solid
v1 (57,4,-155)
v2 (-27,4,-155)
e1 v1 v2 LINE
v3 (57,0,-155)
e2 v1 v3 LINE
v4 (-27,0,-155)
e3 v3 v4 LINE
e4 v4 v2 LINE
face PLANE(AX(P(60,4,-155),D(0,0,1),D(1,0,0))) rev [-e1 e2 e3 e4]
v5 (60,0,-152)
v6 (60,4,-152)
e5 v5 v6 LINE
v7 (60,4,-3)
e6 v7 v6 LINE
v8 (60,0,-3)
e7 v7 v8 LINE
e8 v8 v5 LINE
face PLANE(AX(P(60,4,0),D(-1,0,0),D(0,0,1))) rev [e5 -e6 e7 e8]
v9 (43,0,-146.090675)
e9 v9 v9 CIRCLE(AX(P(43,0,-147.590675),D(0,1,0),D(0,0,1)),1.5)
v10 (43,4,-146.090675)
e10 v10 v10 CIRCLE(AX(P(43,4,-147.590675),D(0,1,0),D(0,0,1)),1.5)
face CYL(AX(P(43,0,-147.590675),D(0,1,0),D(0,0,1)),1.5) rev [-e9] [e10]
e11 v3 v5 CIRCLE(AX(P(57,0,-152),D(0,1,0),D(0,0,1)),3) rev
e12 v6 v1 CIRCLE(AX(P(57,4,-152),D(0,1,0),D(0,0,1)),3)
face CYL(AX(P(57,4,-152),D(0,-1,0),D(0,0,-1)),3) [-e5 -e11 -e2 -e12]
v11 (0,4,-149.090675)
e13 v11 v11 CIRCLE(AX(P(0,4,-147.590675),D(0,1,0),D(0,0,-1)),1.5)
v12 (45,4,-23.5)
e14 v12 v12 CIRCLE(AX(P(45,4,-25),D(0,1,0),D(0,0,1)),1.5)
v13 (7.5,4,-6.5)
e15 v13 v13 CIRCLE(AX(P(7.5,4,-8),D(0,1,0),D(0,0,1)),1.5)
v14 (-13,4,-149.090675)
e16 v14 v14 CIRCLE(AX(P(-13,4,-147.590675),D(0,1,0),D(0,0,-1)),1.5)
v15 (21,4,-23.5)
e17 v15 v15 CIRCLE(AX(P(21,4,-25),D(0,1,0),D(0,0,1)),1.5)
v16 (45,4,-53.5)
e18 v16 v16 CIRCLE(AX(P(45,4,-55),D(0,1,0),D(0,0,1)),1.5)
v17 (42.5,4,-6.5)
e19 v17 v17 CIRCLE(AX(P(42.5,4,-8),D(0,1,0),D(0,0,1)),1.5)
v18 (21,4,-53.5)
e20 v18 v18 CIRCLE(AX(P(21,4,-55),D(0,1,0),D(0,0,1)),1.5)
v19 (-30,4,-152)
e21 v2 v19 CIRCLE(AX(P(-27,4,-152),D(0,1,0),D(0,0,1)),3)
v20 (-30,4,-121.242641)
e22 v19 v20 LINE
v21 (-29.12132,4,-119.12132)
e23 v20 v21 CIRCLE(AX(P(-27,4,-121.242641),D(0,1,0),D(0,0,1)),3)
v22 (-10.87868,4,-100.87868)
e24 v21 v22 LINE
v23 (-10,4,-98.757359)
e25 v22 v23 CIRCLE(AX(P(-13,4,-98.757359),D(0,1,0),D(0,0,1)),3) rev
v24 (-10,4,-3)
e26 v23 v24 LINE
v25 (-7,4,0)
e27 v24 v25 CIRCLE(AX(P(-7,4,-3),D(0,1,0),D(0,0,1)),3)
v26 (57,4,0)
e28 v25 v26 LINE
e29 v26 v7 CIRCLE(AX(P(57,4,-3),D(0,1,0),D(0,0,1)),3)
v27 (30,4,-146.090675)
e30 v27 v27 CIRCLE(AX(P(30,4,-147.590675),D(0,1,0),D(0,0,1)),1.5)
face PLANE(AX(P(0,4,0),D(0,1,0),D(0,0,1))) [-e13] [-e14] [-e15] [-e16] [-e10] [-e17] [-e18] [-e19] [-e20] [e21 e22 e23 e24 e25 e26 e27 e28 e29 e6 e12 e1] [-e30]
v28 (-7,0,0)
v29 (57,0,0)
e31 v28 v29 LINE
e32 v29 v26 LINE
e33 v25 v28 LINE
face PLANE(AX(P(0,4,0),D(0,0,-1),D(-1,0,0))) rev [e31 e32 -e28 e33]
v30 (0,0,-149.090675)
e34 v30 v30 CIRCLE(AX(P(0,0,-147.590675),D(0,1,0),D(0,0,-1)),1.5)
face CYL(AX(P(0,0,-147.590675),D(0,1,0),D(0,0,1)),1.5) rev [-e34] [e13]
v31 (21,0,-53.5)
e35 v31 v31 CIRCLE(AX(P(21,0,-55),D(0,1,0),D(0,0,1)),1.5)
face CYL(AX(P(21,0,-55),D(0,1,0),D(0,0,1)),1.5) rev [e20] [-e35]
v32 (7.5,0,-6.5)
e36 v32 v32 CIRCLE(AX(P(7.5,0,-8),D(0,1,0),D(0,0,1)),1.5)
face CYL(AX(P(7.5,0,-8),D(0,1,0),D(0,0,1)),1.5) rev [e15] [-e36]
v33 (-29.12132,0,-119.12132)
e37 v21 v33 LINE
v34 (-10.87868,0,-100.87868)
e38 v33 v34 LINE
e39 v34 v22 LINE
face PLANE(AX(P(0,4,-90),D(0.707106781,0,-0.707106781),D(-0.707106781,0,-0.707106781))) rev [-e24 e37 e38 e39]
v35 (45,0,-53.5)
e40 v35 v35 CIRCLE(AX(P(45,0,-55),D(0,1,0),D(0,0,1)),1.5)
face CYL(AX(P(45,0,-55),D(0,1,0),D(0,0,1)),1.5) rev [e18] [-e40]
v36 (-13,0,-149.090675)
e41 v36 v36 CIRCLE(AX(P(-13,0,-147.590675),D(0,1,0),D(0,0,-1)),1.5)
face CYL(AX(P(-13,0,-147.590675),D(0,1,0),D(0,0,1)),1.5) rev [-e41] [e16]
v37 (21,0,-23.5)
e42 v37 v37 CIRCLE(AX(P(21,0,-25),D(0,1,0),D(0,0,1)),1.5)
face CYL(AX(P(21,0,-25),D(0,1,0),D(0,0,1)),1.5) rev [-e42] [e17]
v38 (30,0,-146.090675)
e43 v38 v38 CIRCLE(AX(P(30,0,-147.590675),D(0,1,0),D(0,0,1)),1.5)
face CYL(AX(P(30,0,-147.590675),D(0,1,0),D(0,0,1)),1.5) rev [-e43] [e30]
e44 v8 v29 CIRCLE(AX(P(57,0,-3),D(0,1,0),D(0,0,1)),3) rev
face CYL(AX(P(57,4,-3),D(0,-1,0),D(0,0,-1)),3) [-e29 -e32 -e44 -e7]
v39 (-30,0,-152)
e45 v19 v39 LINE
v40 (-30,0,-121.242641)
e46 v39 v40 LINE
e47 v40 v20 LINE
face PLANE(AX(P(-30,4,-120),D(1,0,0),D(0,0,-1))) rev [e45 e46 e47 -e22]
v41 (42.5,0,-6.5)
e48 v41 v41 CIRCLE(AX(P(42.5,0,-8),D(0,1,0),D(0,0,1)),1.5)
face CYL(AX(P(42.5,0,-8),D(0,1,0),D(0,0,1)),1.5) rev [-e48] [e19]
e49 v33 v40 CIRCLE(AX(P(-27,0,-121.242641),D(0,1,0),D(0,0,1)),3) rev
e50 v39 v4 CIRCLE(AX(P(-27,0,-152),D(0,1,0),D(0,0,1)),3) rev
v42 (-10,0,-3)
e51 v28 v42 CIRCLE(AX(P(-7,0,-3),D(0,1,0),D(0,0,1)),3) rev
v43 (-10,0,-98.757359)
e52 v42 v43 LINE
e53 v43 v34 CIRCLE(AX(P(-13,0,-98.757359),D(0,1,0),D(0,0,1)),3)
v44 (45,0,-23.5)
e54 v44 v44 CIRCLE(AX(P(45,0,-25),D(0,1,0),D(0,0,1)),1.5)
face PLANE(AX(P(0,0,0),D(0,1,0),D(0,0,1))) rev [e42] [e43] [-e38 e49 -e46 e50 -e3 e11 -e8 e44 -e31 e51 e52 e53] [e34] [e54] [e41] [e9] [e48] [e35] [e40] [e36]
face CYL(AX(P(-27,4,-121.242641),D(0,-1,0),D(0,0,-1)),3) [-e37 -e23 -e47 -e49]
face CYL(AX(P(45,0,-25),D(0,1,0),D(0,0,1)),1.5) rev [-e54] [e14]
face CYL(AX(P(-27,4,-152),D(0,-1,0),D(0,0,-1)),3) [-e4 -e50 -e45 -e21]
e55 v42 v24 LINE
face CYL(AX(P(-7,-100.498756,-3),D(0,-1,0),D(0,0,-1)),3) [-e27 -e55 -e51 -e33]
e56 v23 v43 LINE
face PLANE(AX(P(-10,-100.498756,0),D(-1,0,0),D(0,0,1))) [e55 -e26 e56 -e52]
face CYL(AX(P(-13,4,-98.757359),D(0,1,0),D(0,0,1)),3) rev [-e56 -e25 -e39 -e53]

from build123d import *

# Parameters (mm, degrees)
EXTRUDE_1_DEPTH     = 4
SKETCH_2_R          = 1.5
CUT_EXTRUDE_1_DEPTH = 4
SKETCH_3_R          = 1.5
CUT_EXTRUDE_2_DEPTH = 4
EXTRUDE_2_DEPTH     = 4
FILLET_2_R          = 3
SKETCH_6_R          = 1.5
CUT_EXTRUDE_3_DEPTH = 167.255826966


with BuildPart() as part:
    # 草图1 → 凸台-拉伸1 (new body)
    with BuildSketch(Plane(origin=(0, 0, 0), x_dir=(1, 0, 0), z_dir=(0, 1, 0))):
        Polygon((0, 0), (60, 0), (60, 155), (-30, 155), (-30, 120), (0, 90), align=None)
    extrude(amount=EXTRUDE_1_DEPTH)

    # 草图2 → 切除-拉伸1 (cut)
    with BuildSketch(Plane(origin=(0, 4, 0), x_dir=(1, 0, 0), z_dir=(0, 1, 0))):
        with Locations(Location((45, 25, 0), (0, 0, 270))):
            Circle(SKETCH_2_R)
        with Locations(Location((21, 25, 0), (0, 0, 270))):
            Circle(SKETCH_2_R)
        with Locations(Location((45, 55, 0), (0, 0, 270))):
            Circle(SKETCH_2_R)
        with Locations(Location((21, 55, 0), (0, 0, 270))):
            Circle(SKETCH_2_R)
    extrude(amount=-CUT_EXTRUDE_1_DEPTH, mode=Mode.SUBTRACT)

    # 草图3 → 切除-拉伸2 (cut)
    with BuildSketch(Plane(origin=(0, 4, 0), x_dir=(1, 0, 0), z_dir=(0, 1, 0))):
        with Locations(Location((30, 147.590674679, 0), (0, 0, 270))):
            Circle(SKETCH_3_R)
        with Locations(Location((43, 147.590674679, 0), (0, 0, 270))):
            Circle(SKETCH_3_R)
        with Locations(Location((-13, 147.590674679, 0), (0, 0, 90))):
            Circle(SKETCH_3_R)
        with Locations(Location((0, 147.590674679, 0), (0, 0, 90))):
            Circle(SKETCH_3_R)
    extrude(amount=-CUT_EXTRUDE_2_DEPTH, mode=Mode.SUBTRACT)

    # 草图5 → 凸台-拉伸2 (add)
    with BuildSketch(Plane(origin=(0, 4, 0), x_dir=(1, 0, 0), z_dir=(0, 1, 0))):
        Polygon((0, 0), (-10, 0), (-10, 100), (0, 90), align=None)
    extrude(amount=-EXTRUDE_2_DEPTH)

    # 圆角2
    fillet_2_edges = [part.edges().sort_by_distance(p)[0] for p in [
        (-30, 2, -120),
        (-30, 2, -155),
        (60, 2, -155),
        (60, 2, 0),
        (-10, 2, 0),
        (-10, 2, -100),
    ]]
    fillet(fillet_2_edges, radius=FILLET_2_R)

    # 草图6 → 切除-拉伸3 (cut, through all)
    with BuildSketch(Plane(origin=(0, 4, 0), x_dir=(1, 0, 0), z_dir=(0, 1, 0))):
        with Locations(Location((7.5, 8, 0), (0, 0, 270))):
            Circle(SKETCH_6_R)
        with Locations(Location((42.5, 8, 0), (0, 0, 270))):
            Circle(SKETCH_6_R)
    extrude(amount=-CUT_EXTRUDE_3_DEPTH, mode=Mode.SUBTRACT)


solid = part.part
